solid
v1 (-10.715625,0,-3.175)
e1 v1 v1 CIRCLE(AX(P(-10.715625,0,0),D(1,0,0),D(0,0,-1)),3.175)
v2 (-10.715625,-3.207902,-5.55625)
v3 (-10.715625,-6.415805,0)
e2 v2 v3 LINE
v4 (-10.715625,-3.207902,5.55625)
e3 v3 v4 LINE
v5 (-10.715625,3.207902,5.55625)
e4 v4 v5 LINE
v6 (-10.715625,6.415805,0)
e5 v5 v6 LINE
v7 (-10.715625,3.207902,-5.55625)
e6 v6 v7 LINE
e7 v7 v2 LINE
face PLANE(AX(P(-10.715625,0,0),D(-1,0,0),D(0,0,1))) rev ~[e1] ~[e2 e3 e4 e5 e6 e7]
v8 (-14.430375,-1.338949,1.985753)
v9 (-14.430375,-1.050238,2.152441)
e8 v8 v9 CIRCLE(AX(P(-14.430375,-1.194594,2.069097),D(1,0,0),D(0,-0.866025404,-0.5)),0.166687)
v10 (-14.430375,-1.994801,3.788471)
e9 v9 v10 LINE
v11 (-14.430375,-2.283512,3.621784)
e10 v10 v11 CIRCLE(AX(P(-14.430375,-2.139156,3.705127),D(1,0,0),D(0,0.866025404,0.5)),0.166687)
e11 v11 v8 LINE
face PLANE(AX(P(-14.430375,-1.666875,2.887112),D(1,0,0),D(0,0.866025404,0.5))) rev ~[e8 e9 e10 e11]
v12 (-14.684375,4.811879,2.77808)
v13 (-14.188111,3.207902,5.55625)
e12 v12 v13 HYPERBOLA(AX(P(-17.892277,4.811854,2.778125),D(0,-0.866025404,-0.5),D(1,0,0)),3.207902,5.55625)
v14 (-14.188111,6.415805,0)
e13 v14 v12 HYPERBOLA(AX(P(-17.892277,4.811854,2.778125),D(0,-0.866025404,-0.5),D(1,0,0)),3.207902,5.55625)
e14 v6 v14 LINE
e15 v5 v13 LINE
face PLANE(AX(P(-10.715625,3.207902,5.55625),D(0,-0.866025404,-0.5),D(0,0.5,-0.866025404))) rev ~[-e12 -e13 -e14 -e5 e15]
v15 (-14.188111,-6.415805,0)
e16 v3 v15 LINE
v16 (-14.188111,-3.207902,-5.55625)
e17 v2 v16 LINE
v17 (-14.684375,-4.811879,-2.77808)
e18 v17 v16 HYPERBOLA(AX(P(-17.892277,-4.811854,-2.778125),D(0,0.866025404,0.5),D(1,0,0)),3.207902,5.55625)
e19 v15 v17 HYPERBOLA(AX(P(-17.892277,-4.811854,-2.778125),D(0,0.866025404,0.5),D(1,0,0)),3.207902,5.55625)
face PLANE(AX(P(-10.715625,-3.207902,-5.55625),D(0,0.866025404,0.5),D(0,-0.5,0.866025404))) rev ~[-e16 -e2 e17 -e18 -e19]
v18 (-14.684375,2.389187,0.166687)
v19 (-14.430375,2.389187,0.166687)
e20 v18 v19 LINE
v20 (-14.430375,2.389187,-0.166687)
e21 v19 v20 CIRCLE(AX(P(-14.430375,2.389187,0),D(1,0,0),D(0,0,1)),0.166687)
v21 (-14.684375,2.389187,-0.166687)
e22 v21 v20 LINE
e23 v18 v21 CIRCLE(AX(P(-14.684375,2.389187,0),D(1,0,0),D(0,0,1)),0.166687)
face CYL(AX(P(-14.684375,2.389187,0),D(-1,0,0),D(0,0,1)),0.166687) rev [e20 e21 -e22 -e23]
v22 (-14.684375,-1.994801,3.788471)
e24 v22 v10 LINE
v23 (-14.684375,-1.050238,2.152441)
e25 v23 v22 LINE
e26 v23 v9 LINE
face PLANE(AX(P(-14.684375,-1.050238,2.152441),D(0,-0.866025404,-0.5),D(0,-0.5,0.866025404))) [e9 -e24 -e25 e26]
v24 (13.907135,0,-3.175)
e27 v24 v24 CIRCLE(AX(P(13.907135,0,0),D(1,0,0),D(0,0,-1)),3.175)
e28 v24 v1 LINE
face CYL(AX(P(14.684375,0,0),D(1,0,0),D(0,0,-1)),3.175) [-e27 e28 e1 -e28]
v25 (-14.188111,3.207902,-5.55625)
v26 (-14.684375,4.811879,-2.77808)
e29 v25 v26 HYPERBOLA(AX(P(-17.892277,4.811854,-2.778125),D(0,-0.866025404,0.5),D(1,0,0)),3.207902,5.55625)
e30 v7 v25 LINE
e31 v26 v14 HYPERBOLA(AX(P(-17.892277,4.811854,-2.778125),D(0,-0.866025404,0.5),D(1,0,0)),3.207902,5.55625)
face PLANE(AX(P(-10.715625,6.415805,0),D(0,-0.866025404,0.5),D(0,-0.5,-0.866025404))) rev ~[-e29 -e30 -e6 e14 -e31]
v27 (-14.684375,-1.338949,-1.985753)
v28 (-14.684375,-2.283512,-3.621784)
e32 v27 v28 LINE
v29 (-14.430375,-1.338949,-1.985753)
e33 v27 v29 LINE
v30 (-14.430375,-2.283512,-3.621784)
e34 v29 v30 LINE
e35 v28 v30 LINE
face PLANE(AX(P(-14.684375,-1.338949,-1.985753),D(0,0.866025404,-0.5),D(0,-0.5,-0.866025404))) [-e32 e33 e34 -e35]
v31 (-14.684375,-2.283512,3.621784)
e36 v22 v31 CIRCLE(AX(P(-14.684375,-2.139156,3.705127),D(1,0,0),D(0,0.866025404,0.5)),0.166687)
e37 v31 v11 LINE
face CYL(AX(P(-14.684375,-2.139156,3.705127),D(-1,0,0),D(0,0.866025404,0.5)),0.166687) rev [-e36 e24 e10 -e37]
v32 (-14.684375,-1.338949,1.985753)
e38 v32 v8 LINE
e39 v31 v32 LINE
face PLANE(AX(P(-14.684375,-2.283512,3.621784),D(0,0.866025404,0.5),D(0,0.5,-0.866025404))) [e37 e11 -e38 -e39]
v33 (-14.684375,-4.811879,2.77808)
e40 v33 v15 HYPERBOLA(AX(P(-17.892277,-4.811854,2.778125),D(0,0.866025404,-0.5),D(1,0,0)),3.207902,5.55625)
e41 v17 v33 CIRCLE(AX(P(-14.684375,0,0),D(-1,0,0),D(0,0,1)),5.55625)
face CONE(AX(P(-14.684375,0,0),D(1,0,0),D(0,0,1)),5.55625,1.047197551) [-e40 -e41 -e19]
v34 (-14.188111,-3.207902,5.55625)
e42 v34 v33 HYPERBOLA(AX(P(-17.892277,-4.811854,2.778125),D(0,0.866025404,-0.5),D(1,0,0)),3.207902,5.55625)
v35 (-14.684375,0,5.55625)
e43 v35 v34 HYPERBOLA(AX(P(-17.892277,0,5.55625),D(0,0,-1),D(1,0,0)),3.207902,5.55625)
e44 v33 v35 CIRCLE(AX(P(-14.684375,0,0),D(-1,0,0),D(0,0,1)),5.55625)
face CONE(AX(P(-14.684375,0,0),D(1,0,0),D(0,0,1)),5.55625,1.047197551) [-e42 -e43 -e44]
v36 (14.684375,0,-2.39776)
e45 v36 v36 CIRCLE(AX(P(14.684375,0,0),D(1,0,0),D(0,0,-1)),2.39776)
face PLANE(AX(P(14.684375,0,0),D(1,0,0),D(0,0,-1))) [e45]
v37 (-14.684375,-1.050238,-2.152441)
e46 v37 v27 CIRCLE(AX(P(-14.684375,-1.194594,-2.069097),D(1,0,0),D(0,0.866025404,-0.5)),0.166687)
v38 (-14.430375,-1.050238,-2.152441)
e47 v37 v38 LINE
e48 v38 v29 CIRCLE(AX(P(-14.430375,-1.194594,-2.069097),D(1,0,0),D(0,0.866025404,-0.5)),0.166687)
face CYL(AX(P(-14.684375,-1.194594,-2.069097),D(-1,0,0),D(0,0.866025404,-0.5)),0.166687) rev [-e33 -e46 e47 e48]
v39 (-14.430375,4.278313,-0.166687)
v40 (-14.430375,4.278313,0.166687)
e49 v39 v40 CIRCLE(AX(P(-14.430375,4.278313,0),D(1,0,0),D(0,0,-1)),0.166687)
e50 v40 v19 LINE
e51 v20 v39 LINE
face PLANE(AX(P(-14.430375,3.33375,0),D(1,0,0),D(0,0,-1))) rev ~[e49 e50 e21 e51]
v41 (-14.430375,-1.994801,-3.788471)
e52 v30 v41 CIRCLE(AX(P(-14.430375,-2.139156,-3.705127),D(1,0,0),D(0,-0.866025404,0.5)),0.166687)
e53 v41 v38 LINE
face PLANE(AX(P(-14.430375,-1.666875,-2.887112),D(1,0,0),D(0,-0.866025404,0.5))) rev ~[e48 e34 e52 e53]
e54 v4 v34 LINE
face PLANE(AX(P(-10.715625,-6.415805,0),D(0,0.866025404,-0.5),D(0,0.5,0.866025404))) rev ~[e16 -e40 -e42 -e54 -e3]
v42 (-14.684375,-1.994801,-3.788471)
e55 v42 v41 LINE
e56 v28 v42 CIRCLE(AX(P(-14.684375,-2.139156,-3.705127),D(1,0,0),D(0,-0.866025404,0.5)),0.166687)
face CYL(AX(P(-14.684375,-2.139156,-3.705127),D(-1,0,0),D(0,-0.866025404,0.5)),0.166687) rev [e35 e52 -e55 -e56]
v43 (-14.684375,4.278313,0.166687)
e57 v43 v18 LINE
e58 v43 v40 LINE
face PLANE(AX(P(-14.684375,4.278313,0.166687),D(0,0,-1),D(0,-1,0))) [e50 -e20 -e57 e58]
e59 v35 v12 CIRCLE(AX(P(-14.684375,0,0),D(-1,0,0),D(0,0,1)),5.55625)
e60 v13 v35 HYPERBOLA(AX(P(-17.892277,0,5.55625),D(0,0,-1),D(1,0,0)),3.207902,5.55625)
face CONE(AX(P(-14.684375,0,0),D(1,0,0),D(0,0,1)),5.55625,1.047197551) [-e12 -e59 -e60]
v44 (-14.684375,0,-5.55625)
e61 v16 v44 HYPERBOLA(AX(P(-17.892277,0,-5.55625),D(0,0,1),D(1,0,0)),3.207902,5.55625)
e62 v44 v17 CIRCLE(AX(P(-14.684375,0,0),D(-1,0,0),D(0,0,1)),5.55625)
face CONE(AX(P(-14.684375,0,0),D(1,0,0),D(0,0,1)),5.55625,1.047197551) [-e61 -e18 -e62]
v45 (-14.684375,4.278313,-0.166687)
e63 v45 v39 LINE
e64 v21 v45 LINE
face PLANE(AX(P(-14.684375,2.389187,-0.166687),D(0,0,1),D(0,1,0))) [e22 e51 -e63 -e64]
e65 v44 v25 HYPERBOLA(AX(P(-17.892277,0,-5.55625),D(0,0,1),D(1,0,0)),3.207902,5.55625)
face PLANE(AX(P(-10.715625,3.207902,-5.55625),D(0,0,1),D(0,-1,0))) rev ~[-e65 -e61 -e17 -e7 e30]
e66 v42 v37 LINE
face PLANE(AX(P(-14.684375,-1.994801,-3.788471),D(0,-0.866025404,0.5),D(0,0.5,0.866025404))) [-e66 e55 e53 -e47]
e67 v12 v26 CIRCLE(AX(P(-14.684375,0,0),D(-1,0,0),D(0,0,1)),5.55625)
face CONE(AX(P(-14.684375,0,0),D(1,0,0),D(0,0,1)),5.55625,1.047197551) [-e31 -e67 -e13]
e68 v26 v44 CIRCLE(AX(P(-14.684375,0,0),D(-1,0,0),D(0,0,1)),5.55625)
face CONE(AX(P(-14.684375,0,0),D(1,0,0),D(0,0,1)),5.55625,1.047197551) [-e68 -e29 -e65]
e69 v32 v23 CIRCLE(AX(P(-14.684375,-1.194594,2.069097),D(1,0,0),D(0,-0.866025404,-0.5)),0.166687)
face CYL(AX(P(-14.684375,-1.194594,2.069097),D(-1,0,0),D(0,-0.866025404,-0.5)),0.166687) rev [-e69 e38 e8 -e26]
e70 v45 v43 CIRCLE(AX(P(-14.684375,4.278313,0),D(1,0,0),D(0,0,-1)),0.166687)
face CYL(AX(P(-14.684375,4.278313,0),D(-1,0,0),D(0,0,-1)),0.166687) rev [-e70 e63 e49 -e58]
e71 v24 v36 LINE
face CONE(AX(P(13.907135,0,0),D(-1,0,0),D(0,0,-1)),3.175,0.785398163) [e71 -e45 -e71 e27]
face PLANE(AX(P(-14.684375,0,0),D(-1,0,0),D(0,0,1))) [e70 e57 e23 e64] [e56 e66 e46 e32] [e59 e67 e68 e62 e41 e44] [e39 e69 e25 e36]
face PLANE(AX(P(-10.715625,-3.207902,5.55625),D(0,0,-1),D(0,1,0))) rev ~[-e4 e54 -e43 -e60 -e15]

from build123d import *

# Parameters (mm, degrees)
SKETCH5_R           = 3.175
BOSS_EXTRUDE3_DEPTH = 25.4
CHAMFER1_SIZE       = 0.77724
BOSS_EXTRUDE4_DEPTH = 3.96875
SKETCH8_OUTSIDE_W   = 129.26
SKETCH8_OUTSIDE_H   = 130.98
SKETCH8_OUTSIDE_R   = 5.55625
CUT_EXTRUDE3_DEPTH  = 31.570540439
CUT_EXTRUDE3_DRAFT  = -60
CUT_EXTRUDE4_DEPTH  = 0.254
CIRPATTERN1_COUNT   = 3


with BuildPart() as part:
    # Sketch5 → Boss-Extrude3 (new body)
    with BuildSketch(Plane(origin=(14.684375, 0, 0), x_dir=(0, 0, -1), z_dir=(1, 0, 0))):
        Circle(SKETCH5_R)
    extrude(amount=-BOSS_EXTRUDE3_DEPTH)

    # Chamfer1
    chamfer1_edges = [part.edges().sort_by_distance(p)[0] for p in [
        (14.684375, 0, 3.175),
    ]]
    chamfer(chamfer1_edges, length=CHAMFER1_SIZE)

    # Sketch6 → Boss-Extrude4 (add)
    with BuildSketch(Plane.ZY.offset(10.715625)):
        Polygon((5.55625, 3.207902433), (0, 6.415804866), (-5.55625, 3.207902433), (-5.55625, -3.207902433), (0, -6.415804866), (5.55625, -3.207902433), align=None)
    extrude(amount=BOSS_EXTRUDE4_DEPTH)


with BuildPart() as cut_extrude3_tool:
    # Sketch8 outside → Cut-Extrude3 (with draft: the straight prism first)
    with BuildSketch(Plane.ZY.offset(14.684375)):
        Rectangle(SKETCH8_OUTSIDE_W, SKETCH8_OUTSIDE_H)
        Circle(SKETCH8_OUTSIDE_R, mode=Mode.SUBTRACT)
    extrude(amount=-CUT_EXTRUDE3_DEPTH)
    # Cut-Extrude3: the draft: its side faces are tilted about the plane it starts from
    cut_extrude3_sides = [cut_extrude3_tool.faces().sort_by_distance(p)[0] for p in [
        (1.100895219, -65.49, 0),
        (1.100895219, 0, 64.63),
        (1.100895219, 65.49, 0),
        (1.100895219, 0, -64.63),
        (1.100895219, 0, -5.55625),
    ]]
    draft(cut_extrude3_sides, Plane.ZY.offset(14.684375), CUT_EXTRUDE3_DRAFT)


with BuildPart() as part_1:
    add(part.part)

    # Cut-Extrude3: cut by cut_extrude3_tool
    add(cut_extrude3_tool.part, mode=Mode.SUBTRACT)

    # Sketch12 → Cut-Extrude4 (cut)
    with BuildSketch(Plane.ZY.offset(14.684375)):
        with BuildLine():
            Line((0.1666875, 4.2783125), (0.1666875, 2.3891875))
            ThreePointArc((0.1666875, 2.3891875), (0, 2.2225), (-0.1666875, 2.3891875))
            Line((-0.1666875, 2.3891875), (-0.1666875, 4.2783125))
            ThreePointArc((-0.1666875, 4.2783125), (0, 4.445), (0.1666875, 4.2783125))
        make_face()
    cut_extrude4 = extrude(amount=-CUT_EXTRUDE4_DEPTH, mode=Mode.SUBTRACT)

    # CirPattern1: Cut-Extrude4 ×3 about axis
    cirpattern1_axis = Axis((0, 0, 0), (1, 0, 0))
    for i in range(1, CIRPATTERN1_COUNT):
        add(cut_extrude4.rotate(cirpattern1_axis, i * 360 / CIRPATTERN1_COUNT), mode=Mode.SUBTRACT)


solid = part_1.part
